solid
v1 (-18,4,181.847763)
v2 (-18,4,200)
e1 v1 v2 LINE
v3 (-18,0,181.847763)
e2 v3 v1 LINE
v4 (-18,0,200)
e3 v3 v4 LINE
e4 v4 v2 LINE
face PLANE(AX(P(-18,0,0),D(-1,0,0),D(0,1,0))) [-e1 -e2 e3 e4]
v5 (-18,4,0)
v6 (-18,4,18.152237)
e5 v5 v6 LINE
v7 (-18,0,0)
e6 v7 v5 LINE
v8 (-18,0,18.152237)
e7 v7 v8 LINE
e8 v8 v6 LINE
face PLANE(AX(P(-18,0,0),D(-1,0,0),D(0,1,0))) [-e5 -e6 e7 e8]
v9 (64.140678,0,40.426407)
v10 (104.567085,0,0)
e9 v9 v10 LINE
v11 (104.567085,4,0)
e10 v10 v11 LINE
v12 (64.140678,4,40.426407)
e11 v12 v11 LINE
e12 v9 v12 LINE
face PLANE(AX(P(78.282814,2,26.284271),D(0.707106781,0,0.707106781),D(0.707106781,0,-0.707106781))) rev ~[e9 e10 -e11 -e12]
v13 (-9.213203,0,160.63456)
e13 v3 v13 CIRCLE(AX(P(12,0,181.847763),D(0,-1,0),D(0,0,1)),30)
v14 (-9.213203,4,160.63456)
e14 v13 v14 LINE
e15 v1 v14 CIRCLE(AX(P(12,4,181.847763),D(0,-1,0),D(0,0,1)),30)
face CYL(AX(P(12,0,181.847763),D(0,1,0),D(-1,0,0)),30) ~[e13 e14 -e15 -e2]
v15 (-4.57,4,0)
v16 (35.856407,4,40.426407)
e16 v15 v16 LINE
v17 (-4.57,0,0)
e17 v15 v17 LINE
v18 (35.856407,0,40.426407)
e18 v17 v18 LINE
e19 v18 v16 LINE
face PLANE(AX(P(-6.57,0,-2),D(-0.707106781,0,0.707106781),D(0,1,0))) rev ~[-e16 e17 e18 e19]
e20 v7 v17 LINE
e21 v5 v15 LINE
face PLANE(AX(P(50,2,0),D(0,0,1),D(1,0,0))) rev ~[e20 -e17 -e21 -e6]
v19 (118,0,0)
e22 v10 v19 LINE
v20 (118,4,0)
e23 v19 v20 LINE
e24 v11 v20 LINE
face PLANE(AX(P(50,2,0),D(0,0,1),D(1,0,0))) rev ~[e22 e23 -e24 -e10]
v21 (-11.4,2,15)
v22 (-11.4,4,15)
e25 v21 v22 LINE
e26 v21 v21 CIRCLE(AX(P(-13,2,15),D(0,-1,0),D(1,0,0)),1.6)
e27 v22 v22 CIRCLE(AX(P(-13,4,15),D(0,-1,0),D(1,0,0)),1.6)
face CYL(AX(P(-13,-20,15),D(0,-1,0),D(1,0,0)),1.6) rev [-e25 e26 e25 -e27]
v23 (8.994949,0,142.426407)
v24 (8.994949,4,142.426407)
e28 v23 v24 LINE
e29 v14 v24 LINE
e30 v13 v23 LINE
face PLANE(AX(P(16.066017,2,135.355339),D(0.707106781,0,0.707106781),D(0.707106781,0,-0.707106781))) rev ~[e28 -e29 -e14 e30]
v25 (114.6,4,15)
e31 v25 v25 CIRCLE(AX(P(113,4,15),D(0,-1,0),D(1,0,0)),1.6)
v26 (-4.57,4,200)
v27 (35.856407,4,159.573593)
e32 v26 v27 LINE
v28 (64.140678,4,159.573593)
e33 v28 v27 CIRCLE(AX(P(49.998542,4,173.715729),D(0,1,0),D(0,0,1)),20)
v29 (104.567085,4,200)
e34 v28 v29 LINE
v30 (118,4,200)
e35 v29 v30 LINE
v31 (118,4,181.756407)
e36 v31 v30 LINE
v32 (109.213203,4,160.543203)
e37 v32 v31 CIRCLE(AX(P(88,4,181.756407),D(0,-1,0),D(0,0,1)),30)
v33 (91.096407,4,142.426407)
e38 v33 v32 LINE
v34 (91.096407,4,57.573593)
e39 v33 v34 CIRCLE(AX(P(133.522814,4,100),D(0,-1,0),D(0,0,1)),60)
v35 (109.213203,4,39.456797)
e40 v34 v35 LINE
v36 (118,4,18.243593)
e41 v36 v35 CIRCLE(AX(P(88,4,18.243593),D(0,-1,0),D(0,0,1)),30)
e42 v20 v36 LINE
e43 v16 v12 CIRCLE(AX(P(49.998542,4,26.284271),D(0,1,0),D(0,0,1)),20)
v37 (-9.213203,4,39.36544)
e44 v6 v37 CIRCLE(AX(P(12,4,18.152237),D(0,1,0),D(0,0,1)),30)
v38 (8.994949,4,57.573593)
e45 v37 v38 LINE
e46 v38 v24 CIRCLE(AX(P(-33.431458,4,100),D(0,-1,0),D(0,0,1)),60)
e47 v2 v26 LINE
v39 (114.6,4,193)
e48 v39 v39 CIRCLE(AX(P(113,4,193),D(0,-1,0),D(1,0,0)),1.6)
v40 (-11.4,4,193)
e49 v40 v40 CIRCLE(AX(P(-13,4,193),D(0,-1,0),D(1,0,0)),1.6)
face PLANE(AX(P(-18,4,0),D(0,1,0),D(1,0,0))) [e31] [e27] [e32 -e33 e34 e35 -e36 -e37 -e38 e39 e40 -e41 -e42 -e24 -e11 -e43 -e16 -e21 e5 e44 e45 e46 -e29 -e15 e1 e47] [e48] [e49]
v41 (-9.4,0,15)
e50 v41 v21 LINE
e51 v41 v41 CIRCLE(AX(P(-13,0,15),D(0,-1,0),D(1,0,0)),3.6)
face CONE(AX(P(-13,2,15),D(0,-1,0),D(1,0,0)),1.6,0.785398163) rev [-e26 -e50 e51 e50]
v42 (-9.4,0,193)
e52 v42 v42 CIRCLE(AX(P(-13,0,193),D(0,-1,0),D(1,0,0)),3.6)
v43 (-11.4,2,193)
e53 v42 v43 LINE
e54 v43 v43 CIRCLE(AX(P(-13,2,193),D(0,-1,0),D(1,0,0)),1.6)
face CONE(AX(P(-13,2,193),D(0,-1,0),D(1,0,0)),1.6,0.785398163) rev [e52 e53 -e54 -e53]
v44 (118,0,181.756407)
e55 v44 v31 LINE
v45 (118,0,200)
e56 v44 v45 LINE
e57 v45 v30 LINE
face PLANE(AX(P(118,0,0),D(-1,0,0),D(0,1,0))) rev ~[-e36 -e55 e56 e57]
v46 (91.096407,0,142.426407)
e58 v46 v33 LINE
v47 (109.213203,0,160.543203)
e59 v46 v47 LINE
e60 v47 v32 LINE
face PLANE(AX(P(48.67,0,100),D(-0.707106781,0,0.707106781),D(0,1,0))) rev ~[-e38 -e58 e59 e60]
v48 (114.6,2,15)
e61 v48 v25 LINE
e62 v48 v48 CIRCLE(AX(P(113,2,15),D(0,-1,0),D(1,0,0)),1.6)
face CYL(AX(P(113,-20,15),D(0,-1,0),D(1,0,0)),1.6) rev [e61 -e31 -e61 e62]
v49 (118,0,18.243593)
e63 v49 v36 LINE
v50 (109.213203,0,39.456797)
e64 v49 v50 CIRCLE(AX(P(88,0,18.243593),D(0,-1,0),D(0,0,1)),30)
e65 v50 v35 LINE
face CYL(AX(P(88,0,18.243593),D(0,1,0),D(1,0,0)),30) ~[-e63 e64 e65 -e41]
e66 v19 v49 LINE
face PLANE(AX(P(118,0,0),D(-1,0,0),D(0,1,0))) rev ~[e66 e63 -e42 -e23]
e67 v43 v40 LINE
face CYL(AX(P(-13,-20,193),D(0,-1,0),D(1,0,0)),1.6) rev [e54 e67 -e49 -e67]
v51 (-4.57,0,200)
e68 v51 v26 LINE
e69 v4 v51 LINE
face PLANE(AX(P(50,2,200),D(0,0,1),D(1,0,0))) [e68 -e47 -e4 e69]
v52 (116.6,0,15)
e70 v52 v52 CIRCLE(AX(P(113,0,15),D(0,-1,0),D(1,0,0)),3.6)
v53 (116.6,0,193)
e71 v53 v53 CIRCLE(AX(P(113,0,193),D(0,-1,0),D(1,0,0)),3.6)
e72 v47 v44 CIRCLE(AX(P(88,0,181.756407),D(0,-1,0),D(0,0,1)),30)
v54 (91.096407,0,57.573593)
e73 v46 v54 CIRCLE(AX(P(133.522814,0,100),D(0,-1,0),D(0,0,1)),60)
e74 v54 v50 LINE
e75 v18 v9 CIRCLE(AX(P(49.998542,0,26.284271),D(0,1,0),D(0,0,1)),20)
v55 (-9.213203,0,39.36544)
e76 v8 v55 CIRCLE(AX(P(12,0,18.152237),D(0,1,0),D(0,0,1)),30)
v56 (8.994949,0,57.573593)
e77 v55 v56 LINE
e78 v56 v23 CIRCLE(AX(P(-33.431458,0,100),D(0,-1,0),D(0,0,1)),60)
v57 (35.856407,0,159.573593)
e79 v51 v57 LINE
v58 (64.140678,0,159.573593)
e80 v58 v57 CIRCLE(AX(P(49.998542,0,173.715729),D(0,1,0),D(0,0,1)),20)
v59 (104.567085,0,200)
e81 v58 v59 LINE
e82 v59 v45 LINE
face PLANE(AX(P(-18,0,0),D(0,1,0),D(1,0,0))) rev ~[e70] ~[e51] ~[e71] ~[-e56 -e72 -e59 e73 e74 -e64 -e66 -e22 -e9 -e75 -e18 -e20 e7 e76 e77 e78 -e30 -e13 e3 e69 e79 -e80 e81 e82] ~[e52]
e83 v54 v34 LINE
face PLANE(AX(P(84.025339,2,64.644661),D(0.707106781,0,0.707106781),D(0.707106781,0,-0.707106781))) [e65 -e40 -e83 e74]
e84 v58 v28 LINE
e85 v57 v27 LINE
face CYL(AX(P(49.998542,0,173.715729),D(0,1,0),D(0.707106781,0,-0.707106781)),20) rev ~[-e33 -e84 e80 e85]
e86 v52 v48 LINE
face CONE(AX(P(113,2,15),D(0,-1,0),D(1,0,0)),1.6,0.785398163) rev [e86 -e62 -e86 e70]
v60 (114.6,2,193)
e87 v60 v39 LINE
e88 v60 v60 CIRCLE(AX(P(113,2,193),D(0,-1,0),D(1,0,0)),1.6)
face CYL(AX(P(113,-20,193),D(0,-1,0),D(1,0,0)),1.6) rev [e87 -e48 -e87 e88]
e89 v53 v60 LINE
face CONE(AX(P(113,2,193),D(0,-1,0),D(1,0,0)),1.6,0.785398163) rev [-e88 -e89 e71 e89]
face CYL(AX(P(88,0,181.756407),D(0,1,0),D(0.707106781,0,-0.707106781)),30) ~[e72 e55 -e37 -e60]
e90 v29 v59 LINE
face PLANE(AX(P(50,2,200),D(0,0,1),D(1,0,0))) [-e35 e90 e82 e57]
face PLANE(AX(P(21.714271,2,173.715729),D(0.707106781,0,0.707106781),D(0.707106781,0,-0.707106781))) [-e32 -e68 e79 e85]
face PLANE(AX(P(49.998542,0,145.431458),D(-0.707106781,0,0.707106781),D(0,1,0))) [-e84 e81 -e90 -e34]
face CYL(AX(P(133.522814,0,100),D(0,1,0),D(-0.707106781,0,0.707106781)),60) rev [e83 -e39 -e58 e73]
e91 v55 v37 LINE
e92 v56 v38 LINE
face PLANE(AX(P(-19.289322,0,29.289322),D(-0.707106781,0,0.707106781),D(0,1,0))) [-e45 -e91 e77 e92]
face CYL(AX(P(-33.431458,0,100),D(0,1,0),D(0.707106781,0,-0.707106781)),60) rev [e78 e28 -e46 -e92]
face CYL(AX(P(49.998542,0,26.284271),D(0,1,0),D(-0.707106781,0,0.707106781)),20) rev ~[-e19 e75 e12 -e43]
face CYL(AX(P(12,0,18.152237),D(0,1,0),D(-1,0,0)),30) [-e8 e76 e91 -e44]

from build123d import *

# Parameters (mm, degrees)
BOX013_W               = 80
BOX013_H               = 4
BOX013_DEPTH           = 80
BOX013_PLACEMENT_ANGLE = 45
FILLET059_R            = 20
BOX017_W               = 80
BOX017_H               = 4
BOX017_DEPTH           = 80
BOX017_PLACEMENT_ANGLE = 45
FILLET060_R            = 20
BOX018_W               = 100
BOX018_H               = 4
BOX018_DEPTH           = 100
BOX018_PLACEMENT_ANGLE = 45
FILLET062_R            = 60
CYLINDER039_R          = 1.6
CYLINDER039_DEPTH      = 25
CYLINDER040_R          = 1.6
CYLINDER040_DEPTH      = 25
CYLINDER041_R          = 1.6
CYLINDER041_DEPTH      = 25
CYLINDER038_R          = 1.6
CYLINDER038_DEPTH      = 25
BOX014_W               = 100
BOX014_H               = 4
BOX014_DEPTH           = 100
BOX014_PLACEMENT_ANGLE = 45
FILLET061_R            = 60
BOX012_W               = 136
BOX012_H               = 4
BOX012_DEPTH           = 200
FILLET063_R            = 30
CHAMFER017_SIZE        = 2


with BuildPart() as fillet059:
    # Box013 → Box013 (new body)
    with BuildSketch(Plane.XY):
        with Locations((40, 2)):
            Rectangle(BOX013_W, BOX013_H)
    extrude(amount=BOX013_DEPTH)


with BuildPart() as fillet059_1:
    # Box013 placement: moved
    add(fillet059.part.moved(Location((-6.57, 0, 202))).rotate(Axis((-6.57, 0, 202), (0, 1, 0)), BOX013_PLACEMENT_ANGLE))

    # Fillet059
    fillet059_edges = [fillet059_1.edges().sort_by_distance(p)[0] for p in [
        (49.998542, 2, 145.431458),
    ]]
    fillet(fillet059_edges, radius=FILLET059_R)


with BuildPart() as fillet060:
    # Box017 → Box017 (new body)
    with BuildSketch(Plane.XY):
        with Locations((40, 2)):
            Rectangle(BOX017_W, BOX017_H)
    extrude(amount=BOX017_DEPTH)


with BuildPart() as fillet060_1:
    # Box017 placement: moved
    add(fillet060.part.moved(Location((-6.57, 0, -2))).rotate(Axis((-6.57, 0, -2), (0, 1, 0)), BOX017_PLACEMENT_ANGLE))

    # Fillet060
    fillet060_edges = [fillet060_1.edges().sort_by_distance(p)[0] for p in [
        (49.998542, 2, 54.568542),
    ]]
    fillet(fillet060_edges, radius=FILLET060_R)


with BuildPart() as fillet062:
    # Box018 → Box018 (new body)
    with BuildSketch(Plane.XY):
        with Locations((50, 2)):
            Rectangle(BOX018_W, BOX018_H)
    extrude(amount=BOX018_DEPTH)


with BuildPart() as fillet062_1:
    # Box018 placement: moved
    add(fillet062.part.moved(Location((48.67, 0, 100))).rotate(Axis((48.67, 0, 100), (0, 1, 0)), BOX018_PLACEMENT_ANGLE))

    # Fillet062
    fillet062_edges = [fillet062_1.edges().sort_by_distance(p)[0] for p in [
        (48.67, 2, 100),
    ]]
    fillet(fillet062_edges, radius=FILLET062_R)


with BuildPart() as screwholle010:
    # Cylinder039 → Cylinder039 (new body)
    with BuildSketch(Plane(origin=(113, -20, 15), x_dir=(1, 0, 0), z_dir=(0, 1, 0))):
        Circle(CYLINDER039_R)
    extrude(amount=CYLINDER039_DEPTH)


with BuildPart() as screwholle011:
    # Cylinder040 → Cylinder040 (new body)
    with BuildSketch(Plane(origin=(-13, -20, 193), x_dir=(1, 0, 0), z_dir=(0, 1, 0))):
        Circle(CYLINDER040_R)
    extrude(amount=CYLINDER040_DEPTH)


with BuildPart() as screwholle012:
    # Cylinder041 → Cylinder041 (new body)
    with BuildSketch(Plane(origin=(113, -20, 193), x_dir=(1, 0, 0), z_dir=(0, 1, 0))):
        Circle(CYLINDER041_R)
    extrude(amount=CYLINDER041_DEPTH)


with BuildPart() as screwholles:
    # Cylinder038 → Cylinder038 (new body)
    with BuildSketch(Plane(origin=(-13, -20, 15), x_dir=(1, 0, 0), z_dir=(0, 1, 0))):
        Circle(CYLINDER038_R)
    extrude(amount=CYLINDER038_DEPTH)

    # Fusion019: union ScrewHolle010, ScrewHolle011, ScrewHolle012
    add(screwholle010.part)
    add(screwholle011.part)
    add(screwholle012.part)


with BuildPart() as fusion023:
    # Box014 → Box014 (new body)
    with BuildSketch(Plane.XY):
        with Locations((50, 2)):
            Rectangle(BOX014_W, BOX014_H)
    extrude(amount=BOX014_DEPTH)


with BuildPart() as fusion023_1:
    # Box014 placement: moved
    add(fusion023.part.moved(Location((-90, 0, 100))).rotate(Axis((-90, 0, 100), (0, 1, 0)), BOX014_PLACEMENT_ANGLE))

    # Fillet061
    fillet061_edges = [fusion023_1.edges().sort_by_distance(p)[0] for p in [
        (51.421356, 2, 100),
    ]]
    fillet(fillet061_edges, radius=FILLET061_R)

    # Fusion023: union Fillet059, Fillet060, Fillet062, ScrewHolles
    add(fillet059_1.part)
    add(fillet060_1.part)
    add(fillet062_1.part)
    add(screwholles.part)


with BuildPart() as support:
    # Box012 → Box012 (new body)
    with BuildSketch(Plane(origin=(-18, 0, 0), x_dir=(1, 0, 0), z_dir=(0, 0, 1))):
        with Locations((68, 2)):
            Rectangle(BOX012_W, BOX012_H)
    extrude(amount=BOX012_DEPTH)

    # Cut008: cut Fusion023
    add(fusion023_1.part, mode=Mode.SUBTRACT)

    # Fillet063
    fillet063_edges = [support.edges().sort_by_distance(p)[0] for p in [
        (-18, 2, 30.578644),
        (118, 2, 30.67),
        (118, 2, 169.33),
        (-18, 2, 169.421356),
    ]]
    fillet(fillet063_edges, radius=FILLET063_R)

    # Chamfer017
    chamfer017_edges = [support.edges().sort_by_distance(p)[0] for p in [
        (-14.6, 0, 15),
        (-14.6, 0, 193),
        (111.4, 0, 15),
        (111.4, 0, 193),
    ]]
    chamfer(chamfer017_edges, length=CHAMFER017_SIZE)


solid = support.part
